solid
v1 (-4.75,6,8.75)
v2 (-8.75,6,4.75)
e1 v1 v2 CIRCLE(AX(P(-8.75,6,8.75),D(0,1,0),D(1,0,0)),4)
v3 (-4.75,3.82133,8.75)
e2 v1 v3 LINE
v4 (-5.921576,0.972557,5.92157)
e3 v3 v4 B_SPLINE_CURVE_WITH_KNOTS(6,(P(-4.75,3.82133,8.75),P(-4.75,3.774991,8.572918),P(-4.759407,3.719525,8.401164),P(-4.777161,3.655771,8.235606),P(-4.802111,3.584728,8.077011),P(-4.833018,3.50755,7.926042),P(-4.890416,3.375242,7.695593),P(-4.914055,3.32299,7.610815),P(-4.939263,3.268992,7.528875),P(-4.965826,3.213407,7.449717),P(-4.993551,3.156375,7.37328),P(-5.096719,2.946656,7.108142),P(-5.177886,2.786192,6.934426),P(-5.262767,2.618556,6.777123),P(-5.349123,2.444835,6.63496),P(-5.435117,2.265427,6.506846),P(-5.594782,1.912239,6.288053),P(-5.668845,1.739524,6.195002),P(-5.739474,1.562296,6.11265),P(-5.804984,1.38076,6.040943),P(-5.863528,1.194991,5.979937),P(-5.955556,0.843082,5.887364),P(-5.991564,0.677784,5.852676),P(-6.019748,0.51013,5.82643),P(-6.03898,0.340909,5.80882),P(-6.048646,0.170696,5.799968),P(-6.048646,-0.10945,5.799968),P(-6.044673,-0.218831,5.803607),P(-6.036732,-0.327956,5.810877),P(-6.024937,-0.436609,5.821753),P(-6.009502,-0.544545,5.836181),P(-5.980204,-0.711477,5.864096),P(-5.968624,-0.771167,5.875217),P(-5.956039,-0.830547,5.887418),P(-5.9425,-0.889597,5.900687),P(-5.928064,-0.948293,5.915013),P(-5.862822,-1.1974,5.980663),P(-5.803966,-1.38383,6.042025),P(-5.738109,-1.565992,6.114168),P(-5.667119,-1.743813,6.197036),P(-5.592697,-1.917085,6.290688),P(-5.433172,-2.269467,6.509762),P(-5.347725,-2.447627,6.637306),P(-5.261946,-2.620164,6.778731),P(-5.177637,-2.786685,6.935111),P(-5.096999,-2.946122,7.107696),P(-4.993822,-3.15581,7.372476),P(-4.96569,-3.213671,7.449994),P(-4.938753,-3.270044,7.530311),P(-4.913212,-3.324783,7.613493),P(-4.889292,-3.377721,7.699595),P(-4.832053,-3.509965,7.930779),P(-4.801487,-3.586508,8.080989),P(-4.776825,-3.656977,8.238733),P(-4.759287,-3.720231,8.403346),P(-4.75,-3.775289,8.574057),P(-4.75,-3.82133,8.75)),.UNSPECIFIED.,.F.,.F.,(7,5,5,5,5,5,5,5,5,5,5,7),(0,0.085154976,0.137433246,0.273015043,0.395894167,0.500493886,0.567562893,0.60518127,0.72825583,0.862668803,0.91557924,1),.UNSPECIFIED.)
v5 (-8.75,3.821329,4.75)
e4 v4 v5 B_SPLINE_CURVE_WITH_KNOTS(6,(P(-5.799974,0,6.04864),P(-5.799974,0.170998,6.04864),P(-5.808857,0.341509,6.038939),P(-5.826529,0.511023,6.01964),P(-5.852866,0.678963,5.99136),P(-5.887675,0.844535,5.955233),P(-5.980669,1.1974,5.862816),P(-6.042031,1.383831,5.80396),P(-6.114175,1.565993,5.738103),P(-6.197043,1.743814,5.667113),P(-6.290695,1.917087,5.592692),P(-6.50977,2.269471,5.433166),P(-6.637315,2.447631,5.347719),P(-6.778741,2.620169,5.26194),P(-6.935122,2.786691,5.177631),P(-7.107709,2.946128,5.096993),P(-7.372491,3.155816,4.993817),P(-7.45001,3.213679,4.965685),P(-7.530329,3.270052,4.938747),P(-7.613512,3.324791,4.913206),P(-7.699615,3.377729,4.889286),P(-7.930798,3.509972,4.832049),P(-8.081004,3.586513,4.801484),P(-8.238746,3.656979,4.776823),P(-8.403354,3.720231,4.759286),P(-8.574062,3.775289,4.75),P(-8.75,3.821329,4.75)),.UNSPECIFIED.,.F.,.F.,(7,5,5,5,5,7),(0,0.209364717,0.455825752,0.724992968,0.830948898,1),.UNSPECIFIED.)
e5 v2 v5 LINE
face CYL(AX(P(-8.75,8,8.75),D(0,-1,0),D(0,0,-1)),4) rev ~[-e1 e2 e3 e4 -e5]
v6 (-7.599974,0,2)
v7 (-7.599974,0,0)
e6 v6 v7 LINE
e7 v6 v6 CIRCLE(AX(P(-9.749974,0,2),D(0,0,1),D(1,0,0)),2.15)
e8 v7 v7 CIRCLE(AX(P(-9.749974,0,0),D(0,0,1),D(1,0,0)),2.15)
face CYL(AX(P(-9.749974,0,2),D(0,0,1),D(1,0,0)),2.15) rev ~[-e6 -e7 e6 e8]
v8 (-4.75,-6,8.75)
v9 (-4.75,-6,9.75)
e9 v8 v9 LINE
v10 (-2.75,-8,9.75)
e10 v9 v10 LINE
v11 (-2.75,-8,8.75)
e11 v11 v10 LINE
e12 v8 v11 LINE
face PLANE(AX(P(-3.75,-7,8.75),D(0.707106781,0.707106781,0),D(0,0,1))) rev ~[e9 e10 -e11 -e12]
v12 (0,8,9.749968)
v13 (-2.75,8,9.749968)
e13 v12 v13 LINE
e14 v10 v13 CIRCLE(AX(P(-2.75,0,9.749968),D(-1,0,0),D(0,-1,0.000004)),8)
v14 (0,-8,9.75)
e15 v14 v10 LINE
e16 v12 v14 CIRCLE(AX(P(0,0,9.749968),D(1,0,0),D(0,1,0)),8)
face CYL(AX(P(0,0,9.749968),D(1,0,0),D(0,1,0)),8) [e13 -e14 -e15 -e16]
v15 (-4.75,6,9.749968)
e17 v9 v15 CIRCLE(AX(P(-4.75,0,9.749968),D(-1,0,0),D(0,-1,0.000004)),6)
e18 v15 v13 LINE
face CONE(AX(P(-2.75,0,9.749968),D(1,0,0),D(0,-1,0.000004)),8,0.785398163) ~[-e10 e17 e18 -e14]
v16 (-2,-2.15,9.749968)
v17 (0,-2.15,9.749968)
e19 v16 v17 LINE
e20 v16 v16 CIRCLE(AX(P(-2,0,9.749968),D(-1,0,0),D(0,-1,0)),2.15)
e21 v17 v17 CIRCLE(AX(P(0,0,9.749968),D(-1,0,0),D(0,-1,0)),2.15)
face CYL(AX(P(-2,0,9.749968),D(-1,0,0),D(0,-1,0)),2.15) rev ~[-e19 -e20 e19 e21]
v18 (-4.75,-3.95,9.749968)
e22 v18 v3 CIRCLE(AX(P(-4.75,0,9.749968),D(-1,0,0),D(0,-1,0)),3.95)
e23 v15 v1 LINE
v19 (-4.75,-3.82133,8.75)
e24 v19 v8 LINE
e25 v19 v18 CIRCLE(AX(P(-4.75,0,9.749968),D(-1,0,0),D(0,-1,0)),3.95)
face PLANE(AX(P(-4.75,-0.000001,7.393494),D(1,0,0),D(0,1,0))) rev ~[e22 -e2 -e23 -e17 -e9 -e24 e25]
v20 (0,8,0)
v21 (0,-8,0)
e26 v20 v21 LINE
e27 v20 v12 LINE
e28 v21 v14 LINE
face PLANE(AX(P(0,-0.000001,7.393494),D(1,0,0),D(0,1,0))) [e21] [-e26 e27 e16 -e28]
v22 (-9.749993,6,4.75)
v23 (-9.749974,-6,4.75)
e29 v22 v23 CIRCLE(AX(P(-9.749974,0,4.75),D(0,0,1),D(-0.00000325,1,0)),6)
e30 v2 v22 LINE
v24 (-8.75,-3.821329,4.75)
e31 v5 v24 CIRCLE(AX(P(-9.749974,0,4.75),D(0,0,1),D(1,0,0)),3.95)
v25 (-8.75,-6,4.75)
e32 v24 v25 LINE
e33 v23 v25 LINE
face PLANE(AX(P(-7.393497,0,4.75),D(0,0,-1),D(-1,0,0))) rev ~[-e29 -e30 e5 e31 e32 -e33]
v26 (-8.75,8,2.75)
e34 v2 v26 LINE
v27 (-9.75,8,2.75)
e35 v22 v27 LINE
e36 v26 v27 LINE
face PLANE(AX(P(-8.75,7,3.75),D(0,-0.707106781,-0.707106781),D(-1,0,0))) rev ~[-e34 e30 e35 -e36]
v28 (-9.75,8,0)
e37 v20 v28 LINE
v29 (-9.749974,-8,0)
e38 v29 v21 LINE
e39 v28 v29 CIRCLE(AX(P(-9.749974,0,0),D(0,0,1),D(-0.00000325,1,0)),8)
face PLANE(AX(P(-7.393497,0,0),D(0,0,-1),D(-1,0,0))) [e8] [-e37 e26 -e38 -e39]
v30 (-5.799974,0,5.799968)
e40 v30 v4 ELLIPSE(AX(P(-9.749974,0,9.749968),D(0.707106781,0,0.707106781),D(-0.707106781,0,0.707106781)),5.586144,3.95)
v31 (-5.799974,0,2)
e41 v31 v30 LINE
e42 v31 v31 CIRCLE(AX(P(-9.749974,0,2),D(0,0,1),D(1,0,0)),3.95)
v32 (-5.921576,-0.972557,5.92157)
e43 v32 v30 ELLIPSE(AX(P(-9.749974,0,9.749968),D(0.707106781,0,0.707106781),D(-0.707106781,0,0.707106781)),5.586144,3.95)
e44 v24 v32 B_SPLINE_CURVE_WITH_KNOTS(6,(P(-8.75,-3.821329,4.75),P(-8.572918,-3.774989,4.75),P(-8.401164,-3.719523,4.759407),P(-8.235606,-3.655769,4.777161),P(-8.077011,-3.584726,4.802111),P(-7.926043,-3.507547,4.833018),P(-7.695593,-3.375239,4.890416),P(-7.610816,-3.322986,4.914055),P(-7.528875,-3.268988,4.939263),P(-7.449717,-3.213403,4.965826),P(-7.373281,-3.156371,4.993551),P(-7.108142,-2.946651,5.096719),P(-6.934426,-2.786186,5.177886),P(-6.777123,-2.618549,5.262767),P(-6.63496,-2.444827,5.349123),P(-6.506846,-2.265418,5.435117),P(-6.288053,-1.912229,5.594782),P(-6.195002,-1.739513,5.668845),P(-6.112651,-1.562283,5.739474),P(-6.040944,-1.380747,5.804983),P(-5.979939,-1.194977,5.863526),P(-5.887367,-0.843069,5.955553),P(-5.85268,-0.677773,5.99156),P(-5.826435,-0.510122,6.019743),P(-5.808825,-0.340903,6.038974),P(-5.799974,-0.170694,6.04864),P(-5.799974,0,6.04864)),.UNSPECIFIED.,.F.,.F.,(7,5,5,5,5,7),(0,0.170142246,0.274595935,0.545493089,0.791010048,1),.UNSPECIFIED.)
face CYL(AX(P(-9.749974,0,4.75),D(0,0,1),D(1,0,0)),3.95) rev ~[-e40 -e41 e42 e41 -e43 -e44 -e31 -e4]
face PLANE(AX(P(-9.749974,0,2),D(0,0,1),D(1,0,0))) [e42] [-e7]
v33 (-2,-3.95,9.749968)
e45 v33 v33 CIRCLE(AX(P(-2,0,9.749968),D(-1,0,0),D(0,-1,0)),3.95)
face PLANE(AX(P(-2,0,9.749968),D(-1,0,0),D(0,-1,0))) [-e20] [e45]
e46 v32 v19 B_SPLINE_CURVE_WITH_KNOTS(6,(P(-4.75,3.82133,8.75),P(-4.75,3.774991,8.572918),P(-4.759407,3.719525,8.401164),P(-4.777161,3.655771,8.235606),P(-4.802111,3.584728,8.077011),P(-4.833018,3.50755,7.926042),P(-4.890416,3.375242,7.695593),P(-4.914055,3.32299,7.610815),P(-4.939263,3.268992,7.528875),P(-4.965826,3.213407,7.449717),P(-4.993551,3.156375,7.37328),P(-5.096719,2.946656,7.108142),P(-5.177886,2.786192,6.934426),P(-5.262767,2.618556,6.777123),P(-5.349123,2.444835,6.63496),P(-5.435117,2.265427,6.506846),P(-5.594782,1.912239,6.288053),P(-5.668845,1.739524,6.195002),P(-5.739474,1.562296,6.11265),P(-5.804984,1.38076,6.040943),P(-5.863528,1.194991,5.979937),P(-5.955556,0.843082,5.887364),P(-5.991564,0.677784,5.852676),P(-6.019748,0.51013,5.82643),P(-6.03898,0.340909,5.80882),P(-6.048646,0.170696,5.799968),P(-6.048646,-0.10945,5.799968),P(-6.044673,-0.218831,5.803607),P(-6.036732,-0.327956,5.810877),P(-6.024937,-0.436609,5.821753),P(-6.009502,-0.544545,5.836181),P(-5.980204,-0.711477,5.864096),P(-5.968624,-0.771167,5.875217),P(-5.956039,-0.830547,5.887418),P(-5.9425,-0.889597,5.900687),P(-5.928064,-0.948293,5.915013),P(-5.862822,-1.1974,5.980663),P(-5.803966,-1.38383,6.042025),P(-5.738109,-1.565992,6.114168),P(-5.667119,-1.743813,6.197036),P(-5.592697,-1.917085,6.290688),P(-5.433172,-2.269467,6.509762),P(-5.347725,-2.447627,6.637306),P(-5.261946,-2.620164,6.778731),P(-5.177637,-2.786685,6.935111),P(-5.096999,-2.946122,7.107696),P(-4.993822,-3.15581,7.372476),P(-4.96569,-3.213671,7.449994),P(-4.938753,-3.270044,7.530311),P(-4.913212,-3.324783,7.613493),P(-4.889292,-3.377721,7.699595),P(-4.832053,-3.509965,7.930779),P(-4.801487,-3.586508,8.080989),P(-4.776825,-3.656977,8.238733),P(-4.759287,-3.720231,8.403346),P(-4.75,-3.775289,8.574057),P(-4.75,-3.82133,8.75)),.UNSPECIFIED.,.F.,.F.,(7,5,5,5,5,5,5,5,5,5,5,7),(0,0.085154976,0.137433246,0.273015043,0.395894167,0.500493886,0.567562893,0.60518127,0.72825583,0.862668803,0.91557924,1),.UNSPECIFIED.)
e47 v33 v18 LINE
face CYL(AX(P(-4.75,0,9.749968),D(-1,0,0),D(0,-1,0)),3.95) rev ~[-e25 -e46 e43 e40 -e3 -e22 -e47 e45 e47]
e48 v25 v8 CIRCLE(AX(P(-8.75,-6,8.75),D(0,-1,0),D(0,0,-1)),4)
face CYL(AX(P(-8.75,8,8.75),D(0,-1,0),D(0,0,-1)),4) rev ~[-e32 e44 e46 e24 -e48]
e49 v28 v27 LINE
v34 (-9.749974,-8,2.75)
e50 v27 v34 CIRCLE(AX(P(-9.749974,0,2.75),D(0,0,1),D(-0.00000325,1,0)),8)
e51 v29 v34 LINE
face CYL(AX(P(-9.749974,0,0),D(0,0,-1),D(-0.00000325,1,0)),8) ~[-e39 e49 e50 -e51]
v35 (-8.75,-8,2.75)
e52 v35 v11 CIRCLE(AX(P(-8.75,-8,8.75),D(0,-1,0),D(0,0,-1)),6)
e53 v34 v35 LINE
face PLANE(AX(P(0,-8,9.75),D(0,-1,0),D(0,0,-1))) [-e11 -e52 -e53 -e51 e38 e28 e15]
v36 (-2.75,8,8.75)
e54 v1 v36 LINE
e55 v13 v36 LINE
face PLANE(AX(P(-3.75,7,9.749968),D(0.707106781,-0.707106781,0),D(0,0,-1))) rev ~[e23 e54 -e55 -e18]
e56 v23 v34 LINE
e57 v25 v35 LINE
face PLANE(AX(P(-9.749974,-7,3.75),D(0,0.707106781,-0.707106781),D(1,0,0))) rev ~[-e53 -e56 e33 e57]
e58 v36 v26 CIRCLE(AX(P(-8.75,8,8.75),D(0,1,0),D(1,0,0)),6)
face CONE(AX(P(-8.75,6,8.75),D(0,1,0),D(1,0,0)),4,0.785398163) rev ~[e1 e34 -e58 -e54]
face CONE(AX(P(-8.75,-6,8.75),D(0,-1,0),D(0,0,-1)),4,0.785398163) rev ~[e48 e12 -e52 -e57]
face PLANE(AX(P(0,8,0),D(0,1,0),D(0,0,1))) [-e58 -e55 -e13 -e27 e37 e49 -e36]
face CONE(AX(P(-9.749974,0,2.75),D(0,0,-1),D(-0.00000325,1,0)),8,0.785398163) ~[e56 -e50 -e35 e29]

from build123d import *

# Parameters (mm, degrees)
PAD_DEPTH       = 4.75
PAD001_DEPTH    = 4.75
FILLET_R        = 4
CHAMFER_SIZE    = 2
SKETCH002_R     = 3.95
POCKET_DEPTH    = 2.75
SKETCH003_R     = 3.95
POCKET001_DEPTH = 2.75
SKETCH004_R     = 2.15
POCKET002_DEPTH = 2.001
SKETCH005_R     = 2.15
POCKET003_DEPTH = 2.001


with BuildPart() as part:
    # Sketch → Pad (new body)
    with BuildSketch(Plane.XY):
        with BuildLine():
            Line((-9.75, 8), (0, 8))
            Line((0, 8), (0, -8))
            Line((0, -8), (-9.749974, -8))
            ThreePointArc((-9.75, 8), (-17.749974, -1.3e-05), (-9.749974, -8))
        make_face()
    extrude(amount=PAD_DEPTH)

    # Sketch001 → Pad001 (new body)
    with BuildSketch(Plane.YZ):
        with BuildLine():
            Line((-8, 9.75), (-8, 0))
            Line((-8, 0), (8, 0))
            Line((8, 0), (8, 9.749968))
            ThreePointArc((8, 9.749968), (1.6e-05, 17.749968), (-8, 9.75))
        make_face()
    extrude(amount=-PAD001_DEPTH)

    # Fillet
    fillet_edges = [part.edges().sort_by_distance(p)[0] for p in [
        (-4.75, 0, 4.75),
    ]]
    fillet(fillet_edges, radius=FILLET_R)

    # Chamfer
    chamfer_edges = [part.edges().sort_by_distance(p)[0] for p in [
        (-17.749974, -1.3e-05, 4.75),
    ]]
    chamfer(chamfer_edges, length=CHAMFER_SIZE)

    # Sketch002 → Pocket (cut, symmetric)
    with BuildSketch(Plane.XY.offset(4.75)):
        with Locations((-9.749974, 0)):
            Circle(SKETCH002_R)
    extrude(amount=POCKET_DEPTH, both=True, mode=Mode.SUBTRACT)

    # Sketch003 → Pocket001 (cut, symmetric)
    with BuildSketch(Plane(origin=(-4.75, 0, 0), x_dir=(0, -1, 0), z_dir=(-1, 0, 0))):
        with Locations((0, 9.749968)):
            Circle(SKETCH003_R)
    extrude(amount=POCKET001_DEPTH, both=True, mode=Mode.SUBTRACT)

    # Sketch004 → Pocket002 (cut, through all)
    with BuildSketch(Plane(origin=(-2, 0, 0), x_dir=(0, -1, 0), z_dir=(-1, 0, 0))):
        with Locations((0, 9.749968)):
            Circle(SKETCH004_R)
    extrude(amount=-POCKET002_DEPTH, mode=Mode.SUBTRACT)

    # Sketch005 → Pocket003 (cut, through all)
    with BuildSketch(Plane.XY.offset(2)):
        with Locations((-9.749974, 0)):
            Circle(SKETCH005_R)
    extrude(amount=-POCKET003_DEPTH, mode=Mode.SUBTRACT)


solid = part.part
